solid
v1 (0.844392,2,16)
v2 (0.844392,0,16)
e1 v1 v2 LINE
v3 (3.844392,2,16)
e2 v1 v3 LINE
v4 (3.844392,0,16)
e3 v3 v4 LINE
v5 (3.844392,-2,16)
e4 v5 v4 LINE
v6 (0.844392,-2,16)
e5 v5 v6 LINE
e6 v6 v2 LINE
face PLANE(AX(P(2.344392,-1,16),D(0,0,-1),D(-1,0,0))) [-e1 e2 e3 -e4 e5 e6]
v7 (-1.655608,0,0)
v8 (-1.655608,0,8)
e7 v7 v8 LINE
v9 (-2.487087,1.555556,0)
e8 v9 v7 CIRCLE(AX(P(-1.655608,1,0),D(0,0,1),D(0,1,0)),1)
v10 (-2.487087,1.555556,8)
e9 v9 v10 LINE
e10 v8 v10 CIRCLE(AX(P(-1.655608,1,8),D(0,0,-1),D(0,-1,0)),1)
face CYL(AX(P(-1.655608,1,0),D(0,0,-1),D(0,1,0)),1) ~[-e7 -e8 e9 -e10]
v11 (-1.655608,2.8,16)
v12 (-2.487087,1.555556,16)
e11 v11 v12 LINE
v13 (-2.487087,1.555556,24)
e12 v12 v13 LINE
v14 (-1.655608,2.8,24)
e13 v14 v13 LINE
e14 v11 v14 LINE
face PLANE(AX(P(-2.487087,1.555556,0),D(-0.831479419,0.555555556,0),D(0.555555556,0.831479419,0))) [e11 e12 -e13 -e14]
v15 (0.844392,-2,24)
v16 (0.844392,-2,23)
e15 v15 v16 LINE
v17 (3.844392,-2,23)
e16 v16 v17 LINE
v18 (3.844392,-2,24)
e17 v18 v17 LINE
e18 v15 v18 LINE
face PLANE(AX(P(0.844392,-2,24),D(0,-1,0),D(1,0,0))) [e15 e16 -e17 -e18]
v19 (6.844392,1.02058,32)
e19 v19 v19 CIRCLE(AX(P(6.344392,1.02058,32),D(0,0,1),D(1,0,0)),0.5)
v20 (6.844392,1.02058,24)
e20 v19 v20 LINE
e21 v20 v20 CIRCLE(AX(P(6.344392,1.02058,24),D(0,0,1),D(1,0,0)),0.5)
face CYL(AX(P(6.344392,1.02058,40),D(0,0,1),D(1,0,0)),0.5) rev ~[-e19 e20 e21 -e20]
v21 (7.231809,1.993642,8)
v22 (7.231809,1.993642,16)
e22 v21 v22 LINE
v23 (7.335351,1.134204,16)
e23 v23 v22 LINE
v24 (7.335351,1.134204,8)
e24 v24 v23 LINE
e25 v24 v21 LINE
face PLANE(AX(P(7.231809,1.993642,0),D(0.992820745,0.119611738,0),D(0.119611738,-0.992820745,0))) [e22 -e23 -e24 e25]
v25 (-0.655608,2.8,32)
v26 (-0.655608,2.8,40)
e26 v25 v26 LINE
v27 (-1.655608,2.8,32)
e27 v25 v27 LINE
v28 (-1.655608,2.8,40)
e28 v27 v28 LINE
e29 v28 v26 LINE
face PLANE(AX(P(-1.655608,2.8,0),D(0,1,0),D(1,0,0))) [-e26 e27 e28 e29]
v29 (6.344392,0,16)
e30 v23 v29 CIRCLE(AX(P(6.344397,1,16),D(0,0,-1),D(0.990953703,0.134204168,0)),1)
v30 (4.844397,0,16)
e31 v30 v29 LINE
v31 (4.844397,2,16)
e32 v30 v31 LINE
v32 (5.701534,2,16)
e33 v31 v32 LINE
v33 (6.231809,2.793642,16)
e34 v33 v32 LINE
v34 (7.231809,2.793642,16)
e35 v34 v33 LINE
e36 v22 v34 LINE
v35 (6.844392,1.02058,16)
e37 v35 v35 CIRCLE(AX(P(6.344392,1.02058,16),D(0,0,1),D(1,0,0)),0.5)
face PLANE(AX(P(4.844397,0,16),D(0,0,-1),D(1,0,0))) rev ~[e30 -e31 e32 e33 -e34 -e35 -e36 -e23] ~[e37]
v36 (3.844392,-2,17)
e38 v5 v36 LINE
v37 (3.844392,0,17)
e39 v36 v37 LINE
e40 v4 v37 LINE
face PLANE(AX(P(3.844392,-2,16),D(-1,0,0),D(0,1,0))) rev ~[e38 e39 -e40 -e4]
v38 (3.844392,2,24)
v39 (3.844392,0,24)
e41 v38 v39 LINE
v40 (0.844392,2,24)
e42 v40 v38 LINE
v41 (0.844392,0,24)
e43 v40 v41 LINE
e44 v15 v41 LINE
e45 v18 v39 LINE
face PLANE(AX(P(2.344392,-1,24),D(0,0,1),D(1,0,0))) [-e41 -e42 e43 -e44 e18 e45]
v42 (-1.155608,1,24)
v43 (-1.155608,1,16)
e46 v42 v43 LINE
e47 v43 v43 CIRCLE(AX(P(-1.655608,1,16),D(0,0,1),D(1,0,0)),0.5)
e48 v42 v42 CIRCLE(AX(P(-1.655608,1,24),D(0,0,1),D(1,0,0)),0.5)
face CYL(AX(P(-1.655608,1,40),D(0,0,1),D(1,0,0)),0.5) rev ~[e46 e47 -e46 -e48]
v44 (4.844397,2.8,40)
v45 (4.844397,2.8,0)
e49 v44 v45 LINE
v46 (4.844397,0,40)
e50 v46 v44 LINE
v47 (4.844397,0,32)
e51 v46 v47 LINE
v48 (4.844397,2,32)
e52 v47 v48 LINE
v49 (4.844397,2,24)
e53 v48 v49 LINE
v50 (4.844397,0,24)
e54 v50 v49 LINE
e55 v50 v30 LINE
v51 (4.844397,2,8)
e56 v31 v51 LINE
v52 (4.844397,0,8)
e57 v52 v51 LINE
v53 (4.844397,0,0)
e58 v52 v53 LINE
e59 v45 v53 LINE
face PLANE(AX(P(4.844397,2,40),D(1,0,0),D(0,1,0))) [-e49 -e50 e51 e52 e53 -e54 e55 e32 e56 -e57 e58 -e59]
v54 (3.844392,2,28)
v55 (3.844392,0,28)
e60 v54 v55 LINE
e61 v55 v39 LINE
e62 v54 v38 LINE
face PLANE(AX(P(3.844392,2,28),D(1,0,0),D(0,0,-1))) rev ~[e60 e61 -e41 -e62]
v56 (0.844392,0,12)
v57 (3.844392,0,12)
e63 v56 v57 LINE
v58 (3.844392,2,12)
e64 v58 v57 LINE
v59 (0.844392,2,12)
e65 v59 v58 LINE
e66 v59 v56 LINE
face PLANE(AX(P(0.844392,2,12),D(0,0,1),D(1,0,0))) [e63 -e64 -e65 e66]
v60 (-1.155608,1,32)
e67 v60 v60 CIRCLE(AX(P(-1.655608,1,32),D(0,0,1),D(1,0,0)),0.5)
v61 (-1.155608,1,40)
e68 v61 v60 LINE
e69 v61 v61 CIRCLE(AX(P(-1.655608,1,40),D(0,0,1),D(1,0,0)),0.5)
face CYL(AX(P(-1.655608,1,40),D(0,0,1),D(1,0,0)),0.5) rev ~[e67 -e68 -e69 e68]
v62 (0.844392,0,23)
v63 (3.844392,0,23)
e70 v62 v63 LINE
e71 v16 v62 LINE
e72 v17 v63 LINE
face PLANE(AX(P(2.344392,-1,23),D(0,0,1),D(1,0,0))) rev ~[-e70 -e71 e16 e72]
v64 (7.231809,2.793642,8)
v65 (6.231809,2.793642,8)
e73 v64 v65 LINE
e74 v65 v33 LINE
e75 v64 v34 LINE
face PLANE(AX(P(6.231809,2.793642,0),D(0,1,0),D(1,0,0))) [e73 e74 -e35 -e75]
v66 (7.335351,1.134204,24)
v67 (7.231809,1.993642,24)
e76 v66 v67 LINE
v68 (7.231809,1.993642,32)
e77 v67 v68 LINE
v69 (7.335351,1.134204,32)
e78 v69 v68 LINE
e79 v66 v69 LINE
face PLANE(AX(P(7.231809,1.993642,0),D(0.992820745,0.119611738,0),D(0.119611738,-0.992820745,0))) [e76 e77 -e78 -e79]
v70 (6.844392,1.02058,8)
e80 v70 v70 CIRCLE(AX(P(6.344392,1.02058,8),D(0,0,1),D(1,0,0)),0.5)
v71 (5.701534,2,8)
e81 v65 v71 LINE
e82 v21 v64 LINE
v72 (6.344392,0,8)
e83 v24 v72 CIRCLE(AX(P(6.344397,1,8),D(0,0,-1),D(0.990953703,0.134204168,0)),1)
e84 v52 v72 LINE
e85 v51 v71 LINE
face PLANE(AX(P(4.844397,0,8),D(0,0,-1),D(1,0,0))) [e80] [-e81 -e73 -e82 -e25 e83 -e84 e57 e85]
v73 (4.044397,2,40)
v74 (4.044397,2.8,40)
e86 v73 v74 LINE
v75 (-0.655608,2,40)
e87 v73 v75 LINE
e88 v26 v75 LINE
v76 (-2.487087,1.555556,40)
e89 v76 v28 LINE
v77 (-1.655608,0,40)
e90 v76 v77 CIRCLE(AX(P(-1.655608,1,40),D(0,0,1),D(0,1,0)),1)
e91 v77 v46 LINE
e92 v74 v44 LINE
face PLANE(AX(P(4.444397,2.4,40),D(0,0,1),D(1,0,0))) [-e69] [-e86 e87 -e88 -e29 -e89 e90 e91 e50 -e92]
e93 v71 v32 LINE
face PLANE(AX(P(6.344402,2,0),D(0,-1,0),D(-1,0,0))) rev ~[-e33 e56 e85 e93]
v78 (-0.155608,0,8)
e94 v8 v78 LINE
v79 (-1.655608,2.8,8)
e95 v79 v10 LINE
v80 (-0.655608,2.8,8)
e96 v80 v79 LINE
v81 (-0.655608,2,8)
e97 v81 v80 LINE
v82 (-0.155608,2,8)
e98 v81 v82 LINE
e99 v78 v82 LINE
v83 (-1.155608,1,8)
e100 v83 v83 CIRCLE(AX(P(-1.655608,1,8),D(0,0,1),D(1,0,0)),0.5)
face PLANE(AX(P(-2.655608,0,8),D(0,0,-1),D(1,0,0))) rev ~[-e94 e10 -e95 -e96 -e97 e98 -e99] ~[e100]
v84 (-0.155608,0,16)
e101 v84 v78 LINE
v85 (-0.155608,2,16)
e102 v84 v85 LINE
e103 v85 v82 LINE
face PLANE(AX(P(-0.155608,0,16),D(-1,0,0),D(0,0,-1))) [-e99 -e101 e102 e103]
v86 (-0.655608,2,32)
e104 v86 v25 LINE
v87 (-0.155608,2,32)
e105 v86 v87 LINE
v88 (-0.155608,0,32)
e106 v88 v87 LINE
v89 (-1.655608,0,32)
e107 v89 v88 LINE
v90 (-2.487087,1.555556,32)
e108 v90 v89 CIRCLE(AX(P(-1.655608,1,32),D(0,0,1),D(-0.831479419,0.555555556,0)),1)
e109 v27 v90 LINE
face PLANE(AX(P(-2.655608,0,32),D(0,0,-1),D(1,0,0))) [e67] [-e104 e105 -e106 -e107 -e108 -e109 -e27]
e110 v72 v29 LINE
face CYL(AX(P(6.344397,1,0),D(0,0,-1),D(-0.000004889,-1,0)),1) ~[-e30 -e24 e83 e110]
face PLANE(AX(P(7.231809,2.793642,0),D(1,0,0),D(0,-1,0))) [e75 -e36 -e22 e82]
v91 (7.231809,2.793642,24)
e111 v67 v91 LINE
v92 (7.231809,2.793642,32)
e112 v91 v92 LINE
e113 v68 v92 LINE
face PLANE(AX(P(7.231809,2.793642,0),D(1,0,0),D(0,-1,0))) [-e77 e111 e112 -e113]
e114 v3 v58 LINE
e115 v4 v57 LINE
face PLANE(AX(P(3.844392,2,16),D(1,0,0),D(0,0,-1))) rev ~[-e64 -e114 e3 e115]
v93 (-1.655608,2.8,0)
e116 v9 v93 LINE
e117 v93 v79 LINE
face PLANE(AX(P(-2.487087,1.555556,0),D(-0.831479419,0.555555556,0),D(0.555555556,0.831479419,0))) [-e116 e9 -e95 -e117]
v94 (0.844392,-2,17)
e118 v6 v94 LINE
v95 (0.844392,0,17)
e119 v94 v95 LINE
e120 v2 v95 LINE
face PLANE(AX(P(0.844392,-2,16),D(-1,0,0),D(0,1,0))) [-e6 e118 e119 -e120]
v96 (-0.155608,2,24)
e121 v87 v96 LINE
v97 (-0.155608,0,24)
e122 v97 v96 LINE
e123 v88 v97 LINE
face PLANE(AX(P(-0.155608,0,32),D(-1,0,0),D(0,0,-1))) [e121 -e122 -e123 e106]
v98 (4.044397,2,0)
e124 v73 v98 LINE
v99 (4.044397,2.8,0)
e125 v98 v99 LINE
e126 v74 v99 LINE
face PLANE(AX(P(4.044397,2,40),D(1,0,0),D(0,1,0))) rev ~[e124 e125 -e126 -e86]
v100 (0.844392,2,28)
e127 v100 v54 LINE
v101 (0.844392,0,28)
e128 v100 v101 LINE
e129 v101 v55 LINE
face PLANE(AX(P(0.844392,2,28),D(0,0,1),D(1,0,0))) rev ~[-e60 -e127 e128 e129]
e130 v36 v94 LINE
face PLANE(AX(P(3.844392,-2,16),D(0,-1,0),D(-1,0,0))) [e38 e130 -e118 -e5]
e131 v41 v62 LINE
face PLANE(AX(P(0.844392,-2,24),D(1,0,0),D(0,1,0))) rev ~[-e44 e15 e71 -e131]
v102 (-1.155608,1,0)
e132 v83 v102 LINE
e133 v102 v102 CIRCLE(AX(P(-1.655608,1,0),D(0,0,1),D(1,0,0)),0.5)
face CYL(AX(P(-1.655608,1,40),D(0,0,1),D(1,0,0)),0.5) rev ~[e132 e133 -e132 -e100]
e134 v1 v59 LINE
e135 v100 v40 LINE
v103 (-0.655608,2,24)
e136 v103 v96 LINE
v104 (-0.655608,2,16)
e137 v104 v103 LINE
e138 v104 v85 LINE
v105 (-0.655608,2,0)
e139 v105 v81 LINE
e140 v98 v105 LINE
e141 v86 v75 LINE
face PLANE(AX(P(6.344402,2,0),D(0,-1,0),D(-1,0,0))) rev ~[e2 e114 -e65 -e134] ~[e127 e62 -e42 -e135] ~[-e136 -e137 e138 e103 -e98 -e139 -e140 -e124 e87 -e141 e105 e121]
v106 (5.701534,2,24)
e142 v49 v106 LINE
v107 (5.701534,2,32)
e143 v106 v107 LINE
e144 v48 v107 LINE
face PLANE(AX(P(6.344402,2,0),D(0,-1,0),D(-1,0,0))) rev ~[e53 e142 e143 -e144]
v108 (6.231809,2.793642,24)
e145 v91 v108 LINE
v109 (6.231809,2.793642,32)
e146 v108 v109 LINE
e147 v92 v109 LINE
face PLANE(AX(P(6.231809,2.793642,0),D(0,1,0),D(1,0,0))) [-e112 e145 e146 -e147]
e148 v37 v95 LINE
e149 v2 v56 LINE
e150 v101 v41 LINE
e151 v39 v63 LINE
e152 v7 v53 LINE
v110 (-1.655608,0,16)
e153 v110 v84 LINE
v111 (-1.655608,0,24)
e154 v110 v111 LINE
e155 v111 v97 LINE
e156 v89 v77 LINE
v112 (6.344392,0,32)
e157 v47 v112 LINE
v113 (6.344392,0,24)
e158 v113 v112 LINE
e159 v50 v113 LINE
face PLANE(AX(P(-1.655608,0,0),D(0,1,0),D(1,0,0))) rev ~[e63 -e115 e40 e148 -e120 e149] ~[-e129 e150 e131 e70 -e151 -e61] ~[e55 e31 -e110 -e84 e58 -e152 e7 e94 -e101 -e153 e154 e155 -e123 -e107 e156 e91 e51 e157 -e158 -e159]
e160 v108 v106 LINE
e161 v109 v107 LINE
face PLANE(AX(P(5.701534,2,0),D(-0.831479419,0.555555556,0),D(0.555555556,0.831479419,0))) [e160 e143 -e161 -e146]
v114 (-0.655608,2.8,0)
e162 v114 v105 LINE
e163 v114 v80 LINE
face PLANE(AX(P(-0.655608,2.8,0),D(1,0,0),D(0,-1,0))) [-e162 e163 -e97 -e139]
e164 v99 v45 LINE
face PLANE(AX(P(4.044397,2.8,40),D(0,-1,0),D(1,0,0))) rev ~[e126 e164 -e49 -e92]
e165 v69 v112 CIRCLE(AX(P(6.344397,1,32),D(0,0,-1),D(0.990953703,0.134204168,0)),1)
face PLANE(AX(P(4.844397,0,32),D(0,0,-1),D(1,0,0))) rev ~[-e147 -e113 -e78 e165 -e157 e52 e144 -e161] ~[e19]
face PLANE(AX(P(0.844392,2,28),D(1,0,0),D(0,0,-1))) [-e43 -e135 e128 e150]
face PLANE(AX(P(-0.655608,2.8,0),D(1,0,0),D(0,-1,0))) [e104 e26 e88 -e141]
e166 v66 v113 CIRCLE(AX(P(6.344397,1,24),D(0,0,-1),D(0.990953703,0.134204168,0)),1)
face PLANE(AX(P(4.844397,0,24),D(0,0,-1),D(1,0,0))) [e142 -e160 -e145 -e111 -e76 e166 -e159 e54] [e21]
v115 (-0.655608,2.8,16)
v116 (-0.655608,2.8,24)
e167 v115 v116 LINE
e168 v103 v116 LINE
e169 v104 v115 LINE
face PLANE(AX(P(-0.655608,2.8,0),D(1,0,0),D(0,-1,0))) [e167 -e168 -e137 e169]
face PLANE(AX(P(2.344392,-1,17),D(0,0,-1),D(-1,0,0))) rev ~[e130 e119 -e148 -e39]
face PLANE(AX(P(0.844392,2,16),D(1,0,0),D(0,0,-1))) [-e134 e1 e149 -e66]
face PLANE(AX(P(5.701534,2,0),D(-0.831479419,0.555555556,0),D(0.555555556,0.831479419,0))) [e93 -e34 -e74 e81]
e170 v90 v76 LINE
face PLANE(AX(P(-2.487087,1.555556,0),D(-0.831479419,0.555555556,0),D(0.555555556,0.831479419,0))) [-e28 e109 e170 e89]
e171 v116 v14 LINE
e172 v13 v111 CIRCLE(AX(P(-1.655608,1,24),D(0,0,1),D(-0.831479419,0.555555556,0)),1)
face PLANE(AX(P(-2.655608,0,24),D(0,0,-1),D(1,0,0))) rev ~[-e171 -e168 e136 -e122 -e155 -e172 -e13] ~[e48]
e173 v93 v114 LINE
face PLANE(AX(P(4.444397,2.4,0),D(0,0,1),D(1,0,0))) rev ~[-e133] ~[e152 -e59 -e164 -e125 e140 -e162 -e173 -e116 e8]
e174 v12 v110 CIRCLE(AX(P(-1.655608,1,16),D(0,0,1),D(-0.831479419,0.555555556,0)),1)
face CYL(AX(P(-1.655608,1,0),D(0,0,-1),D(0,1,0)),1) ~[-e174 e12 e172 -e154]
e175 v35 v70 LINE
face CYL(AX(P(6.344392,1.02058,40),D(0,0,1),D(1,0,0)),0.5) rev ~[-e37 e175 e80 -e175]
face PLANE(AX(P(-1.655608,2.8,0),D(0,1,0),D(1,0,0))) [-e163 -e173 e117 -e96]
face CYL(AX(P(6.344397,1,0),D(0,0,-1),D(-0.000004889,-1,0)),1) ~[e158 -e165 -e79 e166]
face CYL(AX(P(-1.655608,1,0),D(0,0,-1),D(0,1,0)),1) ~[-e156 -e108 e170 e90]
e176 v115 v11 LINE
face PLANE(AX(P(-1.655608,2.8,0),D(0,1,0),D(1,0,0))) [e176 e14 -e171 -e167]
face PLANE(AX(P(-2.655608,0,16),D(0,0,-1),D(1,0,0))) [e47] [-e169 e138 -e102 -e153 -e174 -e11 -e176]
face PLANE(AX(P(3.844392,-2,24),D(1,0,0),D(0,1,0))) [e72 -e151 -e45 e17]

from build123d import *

# Parameters (mm, degrees)
EXTRUDE_1_DEPTH     = 40
SKETCH_3_R          = 0.5
CUT_EXTRUDE_1_DEPTH = 40
EXTRUDE_START       = -40
EXTRUDE_5_DEPTH     = 40
EXTRUDE_6_DEPTH     = 40
SKETCH_14_W         = 2.5
SKETCH_14_H         = 8
CUT_EXTRUDE_8_DEPTH = 40
SKETCH_15_W         = 3
SKETCH_15_H         = 4
CUT_EXTRUDE_9_DEPTH = 41.71781145
SKETCH_16_W         = 0.8
SKETCH_16_H         = 0.8
EXTRUDE_7_DEPTH     = 40
SKETCH_17_W         = 3
SKETCH_17_H         = 2
EXTRUDE_8_DEPTH     = 1
SKETCH_18_W         = 3
SKETCH_18_H         = 2
EXTRUDE_9_DEPTH     = 1


with BuildPart() as part:
    # 草图2 → 凸台-拉伸1 (new body)
    with BuildSketch(Plane.XY):
        with BuildLine():
            Line((-1.655607757, 0), (6.344392243, 0))
            ThreePointArc((6.344392243, 0), (7.344397132, 0.999995111), (6.344402021, 2))
            Line((6.344402021, 2), (-1.655607757, 2))
            ThreePointArc((-1.655607757, 2), (-2.655607757, 1), (-1.655607757, 0))
        make_face()
    extrude(amount=EXTRUDE_1_DEPTH)

    # 草图3 → 切除-拉伸1 (cut)
    with BuildSketch(Plane.XY.offset(40)):
        with Locations((-1.655607757, 1)):
            Circle(SKETCH_3_R)
        with Locations((6.344392243, 1.020580345)):
            Circle(SKETCH_3_R)
    extrude(amount=-CUT_EXTRUDE_1_DEPTH, mode=Mode.SUBTRACT)

    # 草图11 → 凸台-拉伸5 (add)
    with BuildSketch(Plane.XY.offset(40).offset(EXTRUDE_START)):
        with BuildLine():
            Line((-1.655607757, 2.8), (-0.655607757, 2.8))
            Line((-0.655607757, 2.8), (-0.655607757, 2))
            Line((-0.655607757, 2), (-1.655607757, 2))
            ThreePointArc((-1.655607757, 2), (-2.127012277, 1.881917104), (-2.487087176, 1.555555556))
            Line((-2.487087176, 1.555555556), (-1.655607757, 2.8))
        make_face()
    extrude(amount=EXTRUDE_5_DEPTH)

    # 草图12 → 凸台-拉伸6 (add)
    with BuildSketch(Plane.XY.offset(40).offset(EXTRUDE_START)):
        with BuildLine():
            Line((6.231808662, 1.993641704), (5.701534493, 2))
            Line((5.701534493, 2), (6.231808662, 2.793641704))
            Line((6.231808662, 2.793641704), (7.231808662, 2.793641704))
            Line((7.231808662, 2.793641704), (7.231808662, 1.993641704))
            Line((7.231808662, 1.993641704), (7.335350835, 1.134204168))
            ThreePointArc((7.335350835, 1.134204168), (7.043760809, 1.71476601), (6.456985603, 1.993641704))
            Line((6.456985603, 1.993641704), (6.231808662, 1.993641704))
        make_face()
    extrude(amount=EXTRUDE_6_DEPTH)

    # 草图14 → 切除-拉伸8 (cut)
    with BuildSketch(Plane(origin=(0, 0, 0), x_dir=(1, 0, 0), z_dir=(0, 1, 0))):
        with Locations((-1.405607757, -12)):
            Rectangle(SKETCH_14_W, SKETCH_14_H)
        with Locations((-1.405607757, -28)):
            Rectangle(SKETCH_14_W, SKETCH_14_H)
        with Locations((6.094397132, -4)):
            Rectangle(SKETCH_14_W, SKETCH_14_H)
        with Locations((6.094397132, -20)):
            Rectangle(SKETCH_14_W, SKETCH_14_H)
        with Locations((6.094397132, -36)):
            Rectangle(SKETCH_14_W, SKETCH_14_H)
    extrude(amount=CUT_EXTRUDE_8_DEPTH, mode=Mode.SUBTRACT)

    # 草图15 → 切除-拉伸9 (cut, through all)
    with BuildSketch(Plane(origin=(0, 2, 0), x_dir=(1, 0, 0), z_dir=(0, 1, 0))):
        with Locations((2.344392243, -14)):
            Rectangle(SKETCH_15_W, SKETCH_15_H)
        with Locations((2.344392243, -26)):
            Rectangle(SKETCH_15_W, SKETCH_15_H)
    extrude(amount=-CUT_EXTRUDE_9_DEPTH, mode=Mode.SUBTRACT)

    # 草图16 → 凸台-拉伸7 (add)
    with BuildSketch(Plane.XY.offset(40)):
        with Locations((4.444397132, 2.4)):
            Rectangle(SKETCH_16_W, SKETCH_16_H)
    extrude(amount=-EXTRUDE_7_DEPTH)

    # 草图17 → 凸台-拉伸8 (add)
    with BuildSketch(Plane.XY.offset(24)):
        with Locations((2.344392243, -1)):
            Rectangle(SKETCH_17_W, SKETCH_17_H)
    extrude(amount=-EXTRUDE_8_DEPTH)

    # 草图18 → 凸台-拉伸9 (add)
    with BuildSketch(Plane(origin=(0, 0, 16), x_dir=(-1, 0, 0), z_dir=(0, 0, -1))):
        with Locations((-2.344392243, -1)):
            Rectangle(SKETCH_18_W, SKETCH_18_H)
    extrude(amount=-EXTRUDE_9_DEPTH)


solid = part.part
